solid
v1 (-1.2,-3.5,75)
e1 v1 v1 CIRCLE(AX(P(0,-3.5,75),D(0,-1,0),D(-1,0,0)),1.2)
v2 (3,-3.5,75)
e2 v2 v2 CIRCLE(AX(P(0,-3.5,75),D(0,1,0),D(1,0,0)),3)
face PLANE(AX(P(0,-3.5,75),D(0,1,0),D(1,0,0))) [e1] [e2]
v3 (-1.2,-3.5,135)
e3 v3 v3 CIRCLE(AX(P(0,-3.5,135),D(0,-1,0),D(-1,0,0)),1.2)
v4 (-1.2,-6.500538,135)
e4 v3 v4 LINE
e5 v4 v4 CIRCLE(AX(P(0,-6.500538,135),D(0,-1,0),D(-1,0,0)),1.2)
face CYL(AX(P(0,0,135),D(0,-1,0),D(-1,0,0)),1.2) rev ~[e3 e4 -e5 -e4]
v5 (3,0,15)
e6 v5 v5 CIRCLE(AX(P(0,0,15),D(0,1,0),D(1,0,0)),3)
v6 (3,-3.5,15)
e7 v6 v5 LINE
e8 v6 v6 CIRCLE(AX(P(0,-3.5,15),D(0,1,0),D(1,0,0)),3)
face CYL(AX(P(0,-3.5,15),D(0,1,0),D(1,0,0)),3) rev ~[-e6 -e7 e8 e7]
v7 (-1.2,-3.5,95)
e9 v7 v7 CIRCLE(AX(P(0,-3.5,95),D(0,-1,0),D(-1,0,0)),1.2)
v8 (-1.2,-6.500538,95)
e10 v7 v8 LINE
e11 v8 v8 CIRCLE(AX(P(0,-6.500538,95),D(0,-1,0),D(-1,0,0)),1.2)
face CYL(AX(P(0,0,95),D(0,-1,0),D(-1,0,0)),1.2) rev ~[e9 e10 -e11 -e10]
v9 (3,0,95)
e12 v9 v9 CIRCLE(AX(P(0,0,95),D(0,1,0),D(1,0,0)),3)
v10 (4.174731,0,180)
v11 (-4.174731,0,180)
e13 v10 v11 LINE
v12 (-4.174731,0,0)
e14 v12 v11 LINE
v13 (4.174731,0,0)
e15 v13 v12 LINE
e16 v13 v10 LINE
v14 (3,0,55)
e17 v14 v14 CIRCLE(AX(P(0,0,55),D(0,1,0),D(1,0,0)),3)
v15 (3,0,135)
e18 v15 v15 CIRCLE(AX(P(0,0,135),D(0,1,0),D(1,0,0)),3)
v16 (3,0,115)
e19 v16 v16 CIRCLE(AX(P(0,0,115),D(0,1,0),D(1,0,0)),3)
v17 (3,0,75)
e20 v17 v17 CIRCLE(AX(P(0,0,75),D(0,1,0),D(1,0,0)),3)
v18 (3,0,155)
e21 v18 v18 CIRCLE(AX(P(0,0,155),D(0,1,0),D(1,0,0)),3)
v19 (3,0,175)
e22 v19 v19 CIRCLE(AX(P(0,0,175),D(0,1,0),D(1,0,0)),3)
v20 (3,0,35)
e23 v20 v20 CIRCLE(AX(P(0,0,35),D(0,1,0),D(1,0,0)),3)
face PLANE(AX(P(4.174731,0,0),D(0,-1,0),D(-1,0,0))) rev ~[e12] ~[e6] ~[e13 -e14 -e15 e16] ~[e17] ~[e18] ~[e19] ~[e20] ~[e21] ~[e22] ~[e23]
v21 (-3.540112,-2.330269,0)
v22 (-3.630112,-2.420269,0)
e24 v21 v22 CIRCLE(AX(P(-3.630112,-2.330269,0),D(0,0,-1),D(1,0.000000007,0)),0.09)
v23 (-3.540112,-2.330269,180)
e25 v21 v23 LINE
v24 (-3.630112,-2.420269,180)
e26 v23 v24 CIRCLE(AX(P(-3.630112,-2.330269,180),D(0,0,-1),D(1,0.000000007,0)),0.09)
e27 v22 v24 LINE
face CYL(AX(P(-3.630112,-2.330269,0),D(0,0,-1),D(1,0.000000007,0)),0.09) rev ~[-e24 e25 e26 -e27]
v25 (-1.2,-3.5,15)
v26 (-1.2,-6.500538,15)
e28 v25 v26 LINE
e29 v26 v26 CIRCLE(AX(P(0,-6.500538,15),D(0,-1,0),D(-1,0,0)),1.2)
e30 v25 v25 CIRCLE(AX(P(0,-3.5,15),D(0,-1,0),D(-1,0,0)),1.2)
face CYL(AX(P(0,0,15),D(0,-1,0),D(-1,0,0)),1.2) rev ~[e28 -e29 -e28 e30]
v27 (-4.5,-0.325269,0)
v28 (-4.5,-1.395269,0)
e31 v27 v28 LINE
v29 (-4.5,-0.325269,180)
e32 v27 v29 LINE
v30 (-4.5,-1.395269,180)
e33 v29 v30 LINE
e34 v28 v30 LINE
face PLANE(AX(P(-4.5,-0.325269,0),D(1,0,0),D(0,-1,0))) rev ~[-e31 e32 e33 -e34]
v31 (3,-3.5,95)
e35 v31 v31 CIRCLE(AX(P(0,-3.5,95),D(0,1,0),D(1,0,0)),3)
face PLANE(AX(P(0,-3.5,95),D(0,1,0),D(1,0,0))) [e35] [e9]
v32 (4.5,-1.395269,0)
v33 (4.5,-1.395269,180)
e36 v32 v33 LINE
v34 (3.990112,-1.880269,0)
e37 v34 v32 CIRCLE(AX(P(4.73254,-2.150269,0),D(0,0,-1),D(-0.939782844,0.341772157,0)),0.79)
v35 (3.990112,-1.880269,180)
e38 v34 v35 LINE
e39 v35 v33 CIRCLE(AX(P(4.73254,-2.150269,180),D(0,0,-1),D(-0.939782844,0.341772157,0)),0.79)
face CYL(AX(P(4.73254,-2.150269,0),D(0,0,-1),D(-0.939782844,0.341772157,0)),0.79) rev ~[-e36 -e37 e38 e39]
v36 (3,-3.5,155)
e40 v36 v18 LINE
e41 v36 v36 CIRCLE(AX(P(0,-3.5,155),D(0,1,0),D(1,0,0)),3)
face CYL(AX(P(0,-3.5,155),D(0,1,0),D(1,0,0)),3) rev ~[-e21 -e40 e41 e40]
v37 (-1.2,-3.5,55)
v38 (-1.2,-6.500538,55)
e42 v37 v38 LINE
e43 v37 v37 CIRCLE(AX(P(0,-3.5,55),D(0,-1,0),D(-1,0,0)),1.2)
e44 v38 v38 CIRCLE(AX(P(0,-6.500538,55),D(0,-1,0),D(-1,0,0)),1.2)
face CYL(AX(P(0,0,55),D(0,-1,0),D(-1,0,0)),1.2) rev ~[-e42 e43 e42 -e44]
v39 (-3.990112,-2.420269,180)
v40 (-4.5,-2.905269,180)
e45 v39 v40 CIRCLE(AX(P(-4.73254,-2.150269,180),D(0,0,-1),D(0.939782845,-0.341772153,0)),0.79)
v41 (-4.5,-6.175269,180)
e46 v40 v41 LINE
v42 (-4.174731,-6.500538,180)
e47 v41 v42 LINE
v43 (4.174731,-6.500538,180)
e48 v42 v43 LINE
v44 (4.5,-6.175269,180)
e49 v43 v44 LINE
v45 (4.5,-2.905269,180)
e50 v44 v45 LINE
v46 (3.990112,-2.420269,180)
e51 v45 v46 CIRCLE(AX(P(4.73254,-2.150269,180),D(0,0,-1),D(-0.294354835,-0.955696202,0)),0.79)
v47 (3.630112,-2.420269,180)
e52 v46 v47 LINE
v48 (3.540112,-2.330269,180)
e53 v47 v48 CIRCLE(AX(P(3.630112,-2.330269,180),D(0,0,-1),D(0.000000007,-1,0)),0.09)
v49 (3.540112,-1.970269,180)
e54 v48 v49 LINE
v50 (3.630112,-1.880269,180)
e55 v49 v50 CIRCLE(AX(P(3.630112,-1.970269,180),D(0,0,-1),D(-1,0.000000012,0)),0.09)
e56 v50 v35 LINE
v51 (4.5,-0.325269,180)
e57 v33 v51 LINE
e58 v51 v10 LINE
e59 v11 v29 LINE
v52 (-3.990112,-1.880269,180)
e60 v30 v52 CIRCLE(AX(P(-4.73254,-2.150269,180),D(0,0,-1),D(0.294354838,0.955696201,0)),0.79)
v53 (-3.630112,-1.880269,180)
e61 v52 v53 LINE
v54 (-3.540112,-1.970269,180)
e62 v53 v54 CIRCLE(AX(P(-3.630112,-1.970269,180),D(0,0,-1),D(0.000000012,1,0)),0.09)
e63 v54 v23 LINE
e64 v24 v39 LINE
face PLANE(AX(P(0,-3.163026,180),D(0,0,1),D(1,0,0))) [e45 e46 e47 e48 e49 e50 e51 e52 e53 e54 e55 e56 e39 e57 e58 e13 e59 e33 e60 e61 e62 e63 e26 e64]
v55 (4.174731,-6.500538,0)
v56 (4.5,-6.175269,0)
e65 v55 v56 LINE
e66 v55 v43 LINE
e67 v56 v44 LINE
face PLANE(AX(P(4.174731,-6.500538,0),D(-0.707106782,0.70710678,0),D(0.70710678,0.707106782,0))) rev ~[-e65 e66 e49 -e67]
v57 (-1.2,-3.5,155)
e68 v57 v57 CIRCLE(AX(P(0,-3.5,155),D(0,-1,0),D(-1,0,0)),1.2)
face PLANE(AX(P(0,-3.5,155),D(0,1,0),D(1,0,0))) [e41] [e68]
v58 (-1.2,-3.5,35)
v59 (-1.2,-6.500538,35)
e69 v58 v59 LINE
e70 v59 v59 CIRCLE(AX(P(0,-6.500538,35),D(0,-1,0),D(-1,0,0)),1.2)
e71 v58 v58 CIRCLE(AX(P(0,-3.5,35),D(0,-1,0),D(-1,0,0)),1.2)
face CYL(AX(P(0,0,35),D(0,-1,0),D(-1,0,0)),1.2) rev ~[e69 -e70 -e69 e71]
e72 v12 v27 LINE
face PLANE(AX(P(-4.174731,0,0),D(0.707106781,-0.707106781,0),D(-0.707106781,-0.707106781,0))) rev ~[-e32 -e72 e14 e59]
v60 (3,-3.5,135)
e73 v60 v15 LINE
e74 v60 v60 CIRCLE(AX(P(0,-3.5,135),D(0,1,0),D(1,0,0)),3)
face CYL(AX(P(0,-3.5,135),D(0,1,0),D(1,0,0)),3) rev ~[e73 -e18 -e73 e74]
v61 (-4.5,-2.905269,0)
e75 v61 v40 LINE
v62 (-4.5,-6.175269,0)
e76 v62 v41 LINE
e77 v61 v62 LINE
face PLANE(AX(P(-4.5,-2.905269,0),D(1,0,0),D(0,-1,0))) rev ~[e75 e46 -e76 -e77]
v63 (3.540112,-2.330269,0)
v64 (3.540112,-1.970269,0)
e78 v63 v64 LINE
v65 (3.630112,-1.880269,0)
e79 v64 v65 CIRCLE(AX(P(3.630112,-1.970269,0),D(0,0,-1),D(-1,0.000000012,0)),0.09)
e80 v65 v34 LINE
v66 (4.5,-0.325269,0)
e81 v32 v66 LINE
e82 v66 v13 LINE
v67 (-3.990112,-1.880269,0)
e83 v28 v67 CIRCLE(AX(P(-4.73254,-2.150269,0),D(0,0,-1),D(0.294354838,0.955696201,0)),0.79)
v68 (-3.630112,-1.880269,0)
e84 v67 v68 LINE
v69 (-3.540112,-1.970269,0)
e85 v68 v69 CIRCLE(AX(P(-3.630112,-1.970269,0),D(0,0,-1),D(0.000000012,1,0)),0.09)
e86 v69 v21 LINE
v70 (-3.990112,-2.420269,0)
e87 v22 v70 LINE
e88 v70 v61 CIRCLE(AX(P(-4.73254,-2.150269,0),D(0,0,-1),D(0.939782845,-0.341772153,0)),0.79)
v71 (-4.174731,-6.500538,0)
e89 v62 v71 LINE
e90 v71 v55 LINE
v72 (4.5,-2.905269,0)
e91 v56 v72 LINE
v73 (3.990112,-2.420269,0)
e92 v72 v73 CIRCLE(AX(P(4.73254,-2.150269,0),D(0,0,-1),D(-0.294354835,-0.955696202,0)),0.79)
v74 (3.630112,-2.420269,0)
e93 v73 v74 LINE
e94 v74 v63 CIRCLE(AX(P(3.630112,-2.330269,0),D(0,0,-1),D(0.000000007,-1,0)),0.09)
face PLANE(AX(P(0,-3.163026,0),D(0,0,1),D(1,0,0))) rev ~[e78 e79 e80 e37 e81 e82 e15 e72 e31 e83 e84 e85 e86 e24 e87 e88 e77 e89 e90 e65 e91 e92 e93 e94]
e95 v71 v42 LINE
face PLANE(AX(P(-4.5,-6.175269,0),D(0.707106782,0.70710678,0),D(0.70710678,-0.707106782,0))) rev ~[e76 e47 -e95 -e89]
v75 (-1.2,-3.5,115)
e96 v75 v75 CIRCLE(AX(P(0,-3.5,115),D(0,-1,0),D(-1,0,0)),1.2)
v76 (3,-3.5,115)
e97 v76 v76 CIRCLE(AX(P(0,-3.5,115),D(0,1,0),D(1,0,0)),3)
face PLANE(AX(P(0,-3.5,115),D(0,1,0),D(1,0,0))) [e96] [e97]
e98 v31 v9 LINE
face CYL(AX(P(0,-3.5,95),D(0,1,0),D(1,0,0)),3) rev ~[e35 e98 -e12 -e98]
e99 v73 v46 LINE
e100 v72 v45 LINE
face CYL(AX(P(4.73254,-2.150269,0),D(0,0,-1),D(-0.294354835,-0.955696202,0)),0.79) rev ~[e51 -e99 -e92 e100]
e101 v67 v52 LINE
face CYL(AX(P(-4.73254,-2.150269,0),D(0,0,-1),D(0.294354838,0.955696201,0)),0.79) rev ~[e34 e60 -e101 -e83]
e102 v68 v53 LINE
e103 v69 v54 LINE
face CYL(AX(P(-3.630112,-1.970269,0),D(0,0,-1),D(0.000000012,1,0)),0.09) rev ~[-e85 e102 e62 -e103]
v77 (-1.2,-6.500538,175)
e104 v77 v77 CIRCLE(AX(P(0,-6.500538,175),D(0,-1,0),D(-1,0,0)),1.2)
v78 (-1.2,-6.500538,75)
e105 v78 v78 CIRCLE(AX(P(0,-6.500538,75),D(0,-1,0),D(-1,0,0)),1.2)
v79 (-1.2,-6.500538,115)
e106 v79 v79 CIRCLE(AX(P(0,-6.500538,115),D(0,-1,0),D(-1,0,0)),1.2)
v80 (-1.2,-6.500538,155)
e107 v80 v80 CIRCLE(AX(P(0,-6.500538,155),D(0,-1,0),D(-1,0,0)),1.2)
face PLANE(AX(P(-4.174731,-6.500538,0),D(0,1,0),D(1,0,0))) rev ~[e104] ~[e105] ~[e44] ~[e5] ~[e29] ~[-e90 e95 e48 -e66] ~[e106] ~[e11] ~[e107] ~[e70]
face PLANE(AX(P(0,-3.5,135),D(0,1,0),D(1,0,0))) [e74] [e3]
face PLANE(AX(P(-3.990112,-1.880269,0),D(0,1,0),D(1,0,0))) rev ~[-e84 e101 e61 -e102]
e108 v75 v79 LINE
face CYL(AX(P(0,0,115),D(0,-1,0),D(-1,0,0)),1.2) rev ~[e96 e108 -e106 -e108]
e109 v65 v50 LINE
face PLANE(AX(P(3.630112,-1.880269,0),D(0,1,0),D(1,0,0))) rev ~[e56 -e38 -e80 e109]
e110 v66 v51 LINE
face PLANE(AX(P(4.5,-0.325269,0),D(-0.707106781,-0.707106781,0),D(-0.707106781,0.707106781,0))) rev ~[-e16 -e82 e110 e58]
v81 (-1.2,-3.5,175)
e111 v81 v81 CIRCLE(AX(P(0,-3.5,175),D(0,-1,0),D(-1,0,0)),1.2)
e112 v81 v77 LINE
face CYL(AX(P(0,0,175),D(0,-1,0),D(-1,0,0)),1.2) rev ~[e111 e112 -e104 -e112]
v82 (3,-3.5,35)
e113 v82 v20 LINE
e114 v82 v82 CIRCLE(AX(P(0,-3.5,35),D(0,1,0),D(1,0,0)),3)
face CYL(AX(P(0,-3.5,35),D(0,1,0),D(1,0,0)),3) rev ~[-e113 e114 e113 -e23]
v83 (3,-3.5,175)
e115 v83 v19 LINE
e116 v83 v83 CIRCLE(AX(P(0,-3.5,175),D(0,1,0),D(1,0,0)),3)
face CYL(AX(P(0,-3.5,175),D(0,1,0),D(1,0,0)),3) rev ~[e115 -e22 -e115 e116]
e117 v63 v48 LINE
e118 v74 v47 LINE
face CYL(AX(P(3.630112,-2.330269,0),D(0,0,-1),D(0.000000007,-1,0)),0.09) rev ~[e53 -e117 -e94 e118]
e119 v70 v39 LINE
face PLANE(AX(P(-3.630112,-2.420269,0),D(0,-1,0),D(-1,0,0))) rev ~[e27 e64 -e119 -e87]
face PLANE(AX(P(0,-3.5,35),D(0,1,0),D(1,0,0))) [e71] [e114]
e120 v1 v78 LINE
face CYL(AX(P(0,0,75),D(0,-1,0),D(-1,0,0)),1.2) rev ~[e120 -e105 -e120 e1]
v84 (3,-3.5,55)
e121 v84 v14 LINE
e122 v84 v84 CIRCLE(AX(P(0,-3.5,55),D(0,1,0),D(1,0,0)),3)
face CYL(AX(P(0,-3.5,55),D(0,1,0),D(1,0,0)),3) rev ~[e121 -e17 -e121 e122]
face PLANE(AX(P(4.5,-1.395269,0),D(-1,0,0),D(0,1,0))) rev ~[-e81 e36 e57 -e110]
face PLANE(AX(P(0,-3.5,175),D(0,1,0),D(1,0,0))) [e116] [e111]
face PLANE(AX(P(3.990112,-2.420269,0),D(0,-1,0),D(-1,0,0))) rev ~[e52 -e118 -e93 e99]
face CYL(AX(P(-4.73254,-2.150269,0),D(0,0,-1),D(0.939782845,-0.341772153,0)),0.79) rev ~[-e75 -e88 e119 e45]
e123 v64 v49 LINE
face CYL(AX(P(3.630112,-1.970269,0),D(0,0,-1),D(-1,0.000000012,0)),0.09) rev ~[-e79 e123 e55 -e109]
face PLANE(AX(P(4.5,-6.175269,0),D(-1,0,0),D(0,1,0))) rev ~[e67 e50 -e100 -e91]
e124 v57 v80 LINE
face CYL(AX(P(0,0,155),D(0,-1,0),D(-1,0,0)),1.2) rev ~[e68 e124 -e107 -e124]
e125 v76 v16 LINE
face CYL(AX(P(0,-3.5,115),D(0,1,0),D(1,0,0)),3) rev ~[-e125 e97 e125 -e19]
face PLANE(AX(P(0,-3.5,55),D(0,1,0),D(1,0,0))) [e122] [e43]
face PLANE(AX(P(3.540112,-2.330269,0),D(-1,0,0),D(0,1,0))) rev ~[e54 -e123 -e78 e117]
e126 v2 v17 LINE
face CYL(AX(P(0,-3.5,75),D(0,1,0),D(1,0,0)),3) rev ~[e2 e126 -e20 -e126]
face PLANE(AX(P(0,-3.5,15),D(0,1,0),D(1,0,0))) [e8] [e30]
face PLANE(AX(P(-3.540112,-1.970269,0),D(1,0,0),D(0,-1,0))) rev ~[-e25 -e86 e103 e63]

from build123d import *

# Parameters (mm, degrees)
EXTRUDE_1_DEPTH              = 180
HOLE_WIZARD_M2_1_D           = 2.4
HOLE_WIZARD_M2_1_CBORE_D     = 6
HOLE_WIZARD_M2_1_CBORE_DEPTH = 3.5
PATTERN_LINEAR_1_COUNT       = 9
PATTERN_LINEAR_1_PITCH       = 20


with BuildPart() as part:
    # 草图1 → 凸台-拉伸1 (new body)
    with BuildSketch(Plane.XY):
        with BuildLine():
            Line((-4.5, -2.905269119), (-4.5, -6.175269119))
            Line((-4.5, -6.175269119), (-4.174730881, -6.500538239))
            Line((-4.174730881, -6.500538239), (0, -6.500538239))
            Line((0, -6.500538239), (4.174730881, -6.500538239))
            Line((4.174730881, -6.500538239), (4.5, -6.175269119))
            Line((4.5, -6.175269119), (4.5, -2.905269119))
            ThreePointArc((4.5, -2.905269119), (4.188070601, -2.722678698), (3.990111871, -2.420269119))
            Line((3.990111871, -2.420269119), (3.630111871, -2.420269119))
            ThreePointArc((3.630111871, -2.420269119), (3.566472261, -2.39390873), (3.540111871, -2.330269119))
            Line((3.540111871, -2.330269119), (3.540111871, -1.970269119))
            ThreePointArc((3.540111871, -1.970269119), (3.566472261, -1.906629509), (3.630111871, -1.880269119))
            Line((3.630111871, -1.880269119), (3.990111871, -1.880269119))
            ThreePointArc((3.990111871, -1.880269119), (4.188070601, -1.577859541), (4.5, -1.395269119))
            Line((4.5, -1.395269119), (4.5, -0.325269119))
            Line((4.5, -0.325269119), (4.174730881, 0))
            Line((4.174730881, 0), (0, 0))
            Line((0, 0), (-4.174730881, 0))
            Line((-4.174730881, 0), (-4.5, -0.325269119))
            Line((-4.5, -0.325269119), (-4.5, -1.395269119))
            ThreePointArc((-4.5, -1.395269119), (-4.188070601, -1.577859541), (-3.990111871, -1.880269119))
            Line((-3.990111871, -1.880269119), (-3.630111871, -1.880269119))
            ThreePointArc((-3.630111871, -1.880269119), (-3.566472261, -1.906629509), (-3.540111871, -1.970269119))
            Line((-3.540111871, -1.970269119), (-3.540111871, -2.330269119))
            ThreePointArc((-3.540111871, -2.330269119), (-3.566472261, -2.39390873), (-3.630111871, -2.420269119))
            Line((-3.630111871, -2.420269119), (-3.990111871, -2.420269119))
            ThreePointArc((-3.990111871, -2.420269119), (-4.188070601, -2.722678698), (-4.5, -2.905269119))
        make_face()
    extrude(amount=EXTRUDE_1_DEPTH)

    # M2 六角头螺栓的柱形沉头孔1 (through all)
    with Locations(Plane(origin=(0, 0, 0), x_dir=(1, 0, 0), z_dir=(0, 1, 0))):
        with Locations((0, -175)):
            hole_wizard_m2_1 = CounterBoreHole(HOLE_WIZARD_M2_1_D / 2, HOLE_WIZARD_M2_1_CBORE_D / 2, HOLE_WIZARD_M2_1_CBORE_DEPTH)

    # 阵列(线性)1: M2 六角头螺栓的柱形沉头孔1 ×9
    with Locations(*[(0, 0, -i * PATTERN_LINEAR_1_PITCH) for i in range(1, PATTERN_LINEAR_1_COUNT)]):
        add(hole_wizard_m2_1, mode=Mode.SUBTRACT)


solid = part.part
